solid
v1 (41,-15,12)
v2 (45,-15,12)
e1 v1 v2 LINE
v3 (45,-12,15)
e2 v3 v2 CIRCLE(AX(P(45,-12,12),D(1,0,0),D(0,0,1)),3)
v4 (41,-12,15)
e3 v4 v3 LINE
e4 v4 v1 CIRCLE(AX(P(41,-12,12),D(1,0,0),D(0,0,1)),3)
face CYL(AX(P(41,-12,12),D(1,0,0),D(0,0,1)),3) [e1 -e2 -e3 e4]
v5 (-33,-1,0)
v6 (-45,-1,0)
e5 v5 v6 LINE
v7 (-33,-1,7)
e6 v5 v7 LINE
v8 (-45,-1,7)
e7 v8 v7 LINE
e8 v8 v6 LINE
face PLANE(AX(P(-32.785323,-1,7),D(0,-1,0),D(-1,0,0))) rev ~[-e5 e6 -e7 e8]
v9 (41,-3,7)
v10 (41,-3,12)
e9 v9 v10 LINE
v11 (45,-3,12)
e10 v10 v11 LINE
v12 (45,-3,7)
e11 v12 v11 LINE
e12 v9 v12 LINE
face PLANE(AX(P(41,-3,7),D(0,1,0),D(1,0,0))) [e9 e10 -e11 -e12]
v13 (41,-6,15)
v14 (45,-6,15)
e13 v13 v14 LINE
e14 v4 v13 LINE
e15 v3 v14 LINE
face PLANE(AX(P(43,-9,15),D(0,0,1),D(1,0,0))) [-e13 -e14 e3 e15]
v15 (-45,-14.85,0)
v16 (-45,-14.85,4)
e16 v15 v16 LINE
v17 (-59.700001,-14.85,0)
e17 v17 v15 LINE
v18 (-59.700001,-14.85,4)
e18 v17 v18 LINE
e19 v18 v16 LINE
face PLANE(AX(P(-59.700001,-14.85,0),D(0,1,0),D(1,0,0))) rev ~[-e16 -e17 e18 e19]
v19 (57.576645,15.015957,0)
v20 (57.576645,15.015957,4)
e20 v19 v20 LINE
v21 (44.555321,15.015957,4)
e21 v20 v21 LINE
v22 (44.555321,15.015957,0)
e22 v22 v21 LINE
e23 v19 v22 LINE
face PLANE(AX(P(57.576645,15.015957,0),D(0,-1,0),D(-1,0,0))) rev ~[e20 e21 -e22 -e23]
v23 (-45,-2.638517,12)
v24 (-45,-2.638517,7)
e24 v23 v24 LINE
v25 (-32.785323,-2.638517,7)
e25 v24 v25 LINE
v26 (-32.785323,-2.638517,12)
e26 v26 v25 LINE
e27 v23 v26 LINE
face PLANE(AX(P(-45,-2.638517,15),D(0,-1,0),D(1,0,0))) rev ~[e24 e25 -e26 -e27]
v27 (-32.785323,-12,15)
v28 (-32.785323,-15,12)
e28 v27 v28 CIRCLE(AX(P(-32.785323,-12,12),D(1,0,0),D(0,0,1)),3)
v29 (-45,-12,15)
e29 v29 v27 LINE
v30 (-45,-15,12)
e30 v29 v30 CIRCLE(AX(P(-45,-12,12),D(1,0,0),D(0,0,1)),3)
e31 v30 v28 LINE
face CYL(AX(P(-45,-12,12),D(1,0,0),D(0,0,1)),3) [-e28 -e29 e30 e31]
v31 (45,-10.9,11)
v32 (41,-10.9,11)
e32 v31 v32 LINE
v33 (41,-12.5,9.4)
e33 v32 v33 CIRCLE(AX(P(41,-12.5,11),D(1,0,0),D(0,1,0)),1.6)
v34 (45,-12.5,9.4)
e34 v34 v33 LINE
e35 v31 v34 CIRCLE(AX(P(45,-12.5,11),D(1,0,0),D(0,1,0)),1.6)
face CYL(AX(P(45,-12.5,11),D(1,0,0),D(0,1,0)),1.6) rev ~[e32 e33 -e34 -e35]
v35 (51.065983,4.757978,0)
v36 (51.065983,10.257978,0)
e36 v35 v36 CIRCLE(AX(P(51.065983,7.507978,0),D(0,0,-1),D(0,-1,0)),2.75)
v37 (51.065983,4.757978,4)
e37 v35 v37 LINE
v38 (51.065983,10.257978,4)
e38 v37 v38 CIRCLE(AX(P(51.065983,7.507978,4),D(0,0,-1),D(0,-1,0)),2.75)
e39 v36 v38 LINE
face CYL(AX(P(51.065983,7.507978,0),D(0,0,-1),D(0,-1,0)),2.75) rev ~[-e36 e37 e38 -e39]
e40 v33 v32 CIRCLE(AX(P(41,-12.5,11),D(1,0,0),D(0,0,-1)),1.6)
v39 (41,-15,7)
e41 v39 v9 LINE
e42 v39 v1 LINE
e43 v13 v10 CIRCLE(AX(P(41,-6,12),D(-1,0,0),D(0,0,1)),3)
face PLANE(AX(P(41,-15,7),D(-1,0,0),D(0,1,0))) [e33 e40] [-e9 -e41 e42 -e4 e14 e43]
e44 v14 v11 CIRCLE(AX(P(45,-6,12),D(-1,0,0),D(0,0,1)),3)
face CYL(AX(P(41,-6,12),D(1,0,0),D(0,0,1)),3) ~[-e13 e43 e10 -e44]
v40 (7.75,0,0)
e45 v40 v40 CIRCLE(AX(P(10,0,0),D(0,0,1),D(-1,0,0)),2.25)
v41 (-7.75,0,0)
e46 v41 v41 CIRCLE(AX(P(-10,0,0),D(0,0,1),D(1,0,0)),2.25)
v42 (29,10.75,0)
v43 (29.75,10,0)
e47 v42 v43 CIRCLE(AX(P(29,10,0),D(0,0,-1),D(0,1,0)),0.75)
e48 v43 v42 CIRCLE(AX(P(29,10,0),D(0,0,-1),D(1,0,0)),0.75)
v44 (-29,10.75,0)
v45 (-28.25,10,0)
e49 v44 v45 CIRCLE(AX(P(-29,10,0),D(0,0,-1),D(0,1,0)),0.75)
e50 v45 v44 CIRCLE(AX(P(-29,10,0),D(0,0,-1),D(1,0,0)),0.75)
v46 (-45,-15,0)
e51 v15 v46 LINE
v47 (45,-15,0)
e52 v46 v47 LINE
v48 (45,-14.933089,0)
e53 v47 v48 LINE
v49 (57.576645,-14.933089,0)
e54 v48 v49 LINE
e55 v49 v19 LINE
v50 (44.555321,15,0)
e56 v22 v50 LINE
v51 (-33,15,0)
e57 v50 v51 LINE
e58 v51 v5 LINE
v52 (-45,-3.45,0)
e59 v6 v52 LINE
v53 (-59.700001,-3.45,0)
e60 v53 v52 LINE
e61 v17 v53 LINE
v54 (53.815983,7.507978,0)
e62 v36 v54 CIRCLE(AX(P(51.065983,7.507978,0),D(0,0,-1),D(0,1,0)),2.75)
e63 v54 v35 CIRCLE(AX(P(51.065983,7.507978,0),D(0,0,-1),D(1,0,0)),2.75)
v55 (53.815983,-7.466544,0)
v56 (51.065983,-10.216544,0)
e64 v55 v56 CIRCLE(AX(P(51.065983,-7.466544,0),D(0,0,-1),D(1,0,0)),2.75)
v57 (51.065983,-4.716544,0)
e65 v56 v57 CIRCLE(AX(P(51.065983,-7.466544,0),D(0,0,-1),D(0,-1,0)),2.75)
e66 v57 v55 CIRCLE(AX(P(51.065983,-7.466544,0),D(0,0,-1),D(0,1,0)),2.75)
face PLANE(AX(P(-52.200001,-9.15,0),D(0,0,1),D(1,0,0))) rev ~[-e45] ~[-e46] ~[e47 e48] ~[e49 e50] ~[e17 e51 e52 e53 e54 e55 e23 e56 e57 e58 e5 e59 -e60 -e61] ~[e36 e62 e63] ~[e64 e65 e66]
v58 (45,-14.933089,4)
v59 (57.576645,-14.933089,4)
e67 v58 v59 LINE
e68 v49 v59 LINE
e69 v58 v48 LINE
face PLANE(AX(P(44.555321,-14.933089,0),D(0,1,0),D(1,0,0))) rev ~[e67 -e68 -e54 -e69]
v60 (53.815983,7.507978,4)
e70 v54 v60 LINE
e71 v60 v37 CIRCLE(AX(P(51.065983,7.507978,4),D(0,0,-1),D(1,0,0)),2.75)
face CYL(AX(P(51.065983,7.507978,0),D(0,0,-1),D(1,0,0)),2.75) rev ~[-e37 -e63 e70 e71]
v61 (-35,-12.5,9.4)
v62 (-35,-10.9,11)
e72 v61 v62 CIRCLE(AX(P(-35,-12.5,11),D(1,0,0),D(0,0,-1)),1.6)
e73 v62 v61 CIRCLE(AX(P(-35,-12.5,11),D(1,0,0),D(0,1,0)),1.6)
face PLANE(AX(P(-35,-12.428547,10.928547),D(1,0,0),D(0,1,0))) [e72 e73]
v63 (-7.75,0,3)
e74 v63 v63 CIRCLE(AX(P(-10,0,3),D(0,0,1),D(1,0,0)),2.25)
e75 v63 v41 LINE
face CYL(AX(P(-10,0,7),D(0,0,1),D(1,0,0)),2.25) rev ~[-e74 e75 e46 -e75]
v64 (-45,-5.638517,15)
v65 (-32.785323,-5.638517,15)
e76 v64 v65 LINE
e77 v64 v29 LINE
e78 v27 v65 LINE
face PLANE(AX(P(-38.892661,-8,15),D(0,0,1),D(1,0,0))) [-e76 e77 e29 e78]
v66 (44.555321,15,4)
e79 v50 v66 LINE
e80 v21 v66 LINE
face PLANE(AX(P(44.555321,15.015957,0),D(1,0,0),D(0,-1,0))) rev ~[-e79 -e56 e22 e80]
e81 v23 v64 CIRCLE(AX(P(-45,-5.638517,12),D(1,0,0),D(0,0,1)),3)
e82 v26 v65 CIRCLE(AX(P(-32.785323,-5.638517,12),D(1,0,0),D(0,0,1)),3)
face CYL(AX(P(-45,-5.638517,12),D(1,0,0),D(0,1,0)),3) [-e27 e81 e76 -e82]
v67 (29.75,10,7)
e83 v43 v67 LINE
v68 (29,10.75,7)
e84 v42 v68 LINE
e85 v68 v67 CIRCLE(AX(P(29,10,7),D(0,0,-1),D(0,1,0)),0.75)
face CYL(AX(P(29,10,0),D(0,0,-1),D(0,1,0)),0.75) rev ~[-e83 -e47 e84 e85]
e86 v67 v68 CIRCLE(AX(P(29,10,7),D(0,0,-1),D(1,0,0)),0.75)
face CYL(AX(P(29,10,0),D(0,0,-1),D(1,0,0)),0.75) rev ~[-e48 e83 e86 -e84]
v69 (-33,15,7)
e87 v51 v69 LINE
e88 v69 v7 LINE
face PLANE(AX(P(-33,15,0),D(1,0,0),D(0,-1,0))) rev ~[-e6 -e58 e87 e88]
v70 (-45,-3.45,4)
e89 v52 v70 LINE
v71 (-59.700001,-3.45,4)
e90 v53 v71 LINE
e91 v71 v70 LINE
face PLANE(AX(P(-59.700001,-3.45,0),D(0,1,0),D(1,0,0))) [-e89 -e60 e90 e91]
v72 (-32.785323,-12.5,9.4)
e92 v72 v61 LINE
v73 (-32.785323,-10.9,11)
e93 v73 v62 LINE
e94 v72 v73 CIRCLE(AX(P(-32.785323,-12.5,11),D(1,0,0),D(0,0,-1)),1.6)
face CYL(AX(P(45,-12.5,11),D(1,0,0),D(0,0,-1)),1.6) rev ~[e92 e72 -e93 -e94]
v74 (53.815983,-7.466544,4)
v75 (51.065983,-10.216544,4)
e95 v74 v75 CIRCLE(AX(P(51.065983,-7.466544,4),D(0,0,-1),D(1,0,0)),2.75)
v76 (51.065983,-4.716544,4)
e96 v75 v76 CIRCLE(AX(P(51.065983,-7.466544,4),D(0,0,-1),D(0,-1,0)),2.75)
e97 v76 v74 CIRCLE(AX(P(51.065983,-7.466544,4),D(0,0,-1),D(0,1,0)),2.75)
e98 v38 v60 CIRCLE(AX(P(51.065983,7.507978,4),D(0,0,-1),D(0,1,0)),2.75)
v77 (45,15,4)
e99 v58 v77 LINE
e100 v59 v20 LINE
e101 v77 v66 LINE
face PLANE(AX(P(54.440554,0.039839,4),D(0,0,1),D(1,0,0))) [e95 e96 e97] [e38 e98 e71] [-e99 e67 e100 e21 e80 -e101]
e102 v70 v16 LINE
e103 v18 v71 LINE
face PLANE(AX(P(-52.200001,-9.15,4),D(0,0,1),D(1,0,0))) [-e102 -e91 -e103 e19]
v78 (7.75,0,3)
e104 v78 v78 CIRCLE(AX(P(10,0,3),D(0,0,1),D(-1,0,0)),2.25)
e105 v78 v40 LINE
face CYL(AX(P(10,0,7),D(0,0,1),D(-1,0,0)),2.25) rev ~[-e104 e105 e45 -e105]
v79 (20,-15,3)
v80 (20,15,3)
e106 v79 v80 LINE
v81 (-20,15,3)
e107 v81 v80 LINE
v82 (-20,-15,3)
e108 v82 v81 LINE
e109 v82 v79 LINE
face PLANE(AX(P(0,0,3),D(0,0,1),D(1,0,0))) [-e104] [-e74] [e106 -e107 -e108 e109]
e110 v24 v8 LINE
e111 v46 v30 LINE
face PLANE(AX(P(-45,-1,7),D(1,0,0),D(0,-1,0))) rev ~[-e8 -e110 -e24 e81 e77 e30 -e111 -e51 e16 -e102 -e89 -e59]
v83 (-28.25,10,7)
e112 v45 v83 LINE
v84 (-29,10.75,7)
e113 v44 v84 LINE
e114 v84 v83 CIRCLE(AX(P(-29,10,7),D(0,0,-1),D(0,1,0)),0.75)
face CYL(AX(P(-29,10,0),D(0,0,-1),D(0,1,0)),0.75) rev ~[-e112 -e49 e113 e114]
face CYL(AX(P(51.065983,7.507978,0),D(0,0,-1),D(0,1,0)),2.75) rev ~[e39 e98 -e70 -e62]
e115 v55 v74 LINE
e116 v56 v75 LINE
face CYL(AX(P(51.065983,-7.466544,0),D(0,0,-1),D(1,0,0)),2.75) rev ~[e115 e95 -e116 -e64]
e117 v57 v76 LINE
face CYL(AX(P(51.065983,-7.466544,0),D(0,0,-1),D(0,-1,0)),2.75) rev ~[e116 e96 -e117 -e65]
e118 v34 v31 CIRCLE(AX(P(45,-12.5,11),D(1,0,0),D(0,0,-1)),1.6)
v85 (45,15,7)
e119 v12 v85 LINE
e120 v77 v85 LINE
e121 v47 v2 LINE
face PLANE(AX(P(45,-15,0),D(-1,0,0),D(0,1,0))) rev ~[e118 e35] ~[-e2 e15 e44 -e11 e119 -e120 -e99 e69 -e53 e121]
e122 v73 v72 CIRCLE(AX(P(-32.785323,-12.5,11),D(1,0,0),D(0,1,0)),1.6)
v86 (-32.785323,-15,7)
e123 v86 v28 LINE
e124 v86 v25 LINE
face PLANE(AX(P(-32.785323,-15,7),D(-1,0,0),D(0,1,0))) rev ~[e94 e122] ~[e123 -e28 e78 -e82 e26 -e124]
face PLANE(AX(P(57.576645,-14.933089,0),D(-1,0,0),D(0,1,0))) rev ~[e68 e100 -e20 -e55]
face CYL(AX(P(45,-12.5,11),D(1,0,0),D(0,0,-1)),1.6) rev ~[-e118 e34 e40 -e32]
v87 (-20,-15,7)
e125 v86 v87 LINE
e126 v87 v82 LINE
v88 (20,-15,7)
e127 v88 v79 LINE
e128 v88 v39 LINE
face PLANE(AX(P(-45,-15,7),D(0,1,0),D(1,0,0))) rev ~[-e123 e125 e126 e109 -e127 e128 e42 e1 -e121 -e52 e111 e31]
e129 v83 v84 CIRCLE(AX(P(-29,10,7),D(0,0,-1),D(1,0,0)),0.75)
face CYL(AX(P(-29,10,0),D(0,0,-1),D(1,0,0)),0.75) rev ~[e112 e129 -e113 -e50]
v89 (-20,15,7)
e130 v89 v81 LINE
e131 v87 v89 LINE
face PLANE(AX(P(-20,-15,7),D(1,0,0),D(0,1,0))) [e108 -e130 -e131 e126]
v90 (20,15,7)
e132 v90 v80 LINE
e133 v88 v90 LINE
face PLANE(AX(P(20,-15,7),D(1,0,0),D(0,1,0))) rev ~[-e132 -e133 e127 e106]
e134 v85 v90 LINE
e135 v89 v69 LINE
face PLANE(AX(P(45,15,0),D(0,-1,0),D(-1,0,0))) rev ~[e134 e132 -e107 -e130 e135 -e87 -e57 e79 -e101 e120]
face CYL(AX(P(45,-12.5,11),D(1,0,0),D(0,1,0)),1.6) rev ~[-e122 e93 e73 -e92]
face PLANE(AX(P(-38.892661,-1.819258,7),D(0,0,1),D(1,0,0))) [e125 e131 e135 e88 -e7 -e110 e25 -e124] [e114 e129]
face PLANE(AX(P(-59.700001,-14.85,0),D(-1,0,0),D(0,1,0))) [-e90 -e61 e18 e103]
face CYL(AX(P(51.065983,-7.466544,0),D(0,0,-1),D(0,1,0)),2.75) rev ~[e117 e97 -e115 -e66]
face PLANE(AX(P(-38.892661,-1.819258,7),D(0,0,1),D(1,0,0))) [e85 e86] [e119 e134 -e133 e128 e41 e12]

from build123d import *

# Parameters (mm, degrees)
F1_DEPTH  = 7
F2_W      = 4
F2_H      = 12
F3_DEPTH  = 8
F4_W      = 12.2146774828
F4_H      = 1.6385169476
F5_DEPTH  = 8
F7_DEPTH  = 80
F8_R      = 2.25
F9_DEPTH  = 25
F10_W     = 40
F10_H     = 30
F10_R     = 2.25
F11_DEPTH = 4
F12_R     = 3
F14_DEPTH = 4
F15_W     = 15
F15_H     = 11.3999997266
F16_DEPTH = 4


with BuildPart() as f1:
    # F0 (on Top) → F1 (new body)
    with BuildSketch(Plane.XY):
        Polygon((-29, 15), (-33, 15), (-33, -1), (-45, -1), (-45, -15), (45, -15), (45, 15), (29, 15), align=None)
        with BuildLine():
            ThreePointArc((-28.25, 10), (-29.5303300859, 9.4696699141), (-29, 10.75))
            ThreePointArc((-29, 10.75), (-28.4696699141, 10.5303300859), (-28.25, 10))
        make_face(mode=Mode.SUBTRACT)
        with BuildLine():
            ThreePointArc((29.75, 10), (28.4696699141, 9.4696699141), (29, 10.75))
            ThreePointArc((29, 10.75), (29.5303300859, 10.5303300859), (29.75, 10))
        make_face(mode=Mode.SUBTRACT)
    extrude(amount=F1_DEPTH)

    # F2 (on face) → F3 (join)
    with BuildSketch(Plane.XY.offset(7)):
        Polygon((-33, -1), (-45, -1), (-45, -15), (-32.7853225172, -15), (-32.7853225172, -1), align=None)
        with Locations((43, -9)):
            Rectangle(F2_W, F2_H)
    extrude(amount=F3_DEPTH)

    # F4 (on face) → F5 (cut)
    with BuildSketch(Plane.XY.offset(15)):
        with Locations((-38.8926612586, -1.8192584738)):
            Rectangle(F4_W, F4_H)
    extrude(amount=-F5_DEPTH, mode=Mode.SUBTRACT)

    # F6 (on face) → F7 (cut)
    with BuildSketch(Plane.YZ.offset(45)):
        with BuildLine():
            ThreePointArc((-12.5, 9.4), (-11.3686291501, 9.8686291501), (-10.9, 11))
            ThreePointArc((-10.9, 11), (-13.6313708499, 12.1313708499), (-12.5, 9.4))
        make_face()
    extrude(amount=-F7_DEPTH, mode=Mode.SUBTRACT)

    # F8 (on face) → F9 (cut)
    with BuildSketch(Plane.XY.offset(7)):
        with Locations((-10, 0)):
            Circle(F8_R)
        with BuildLine():
            ThreePointArc((12.25, 0), (10, 2.25), (7.75, 0))
            ThreePointArc((7.75, 0), (10, -2.25), (12.25, 0))
        make_face()
    extrude(amount=-F9_DEPTH, mode=Mode.SUBTRACT)

    # F10 (on face) → F11 (cut)
    with BuildSketch(Plane.XY.offset(7)):
        Rectangle(F10_W, F10_H)
        with Locations((-10, 0)):
            Circle(F10_R, mode=Mode.SUBTRACT)
        with Locations((10, 0)):
            Circle(F10_R, mode=Mode.SUBTRACT)
    extrude(amount=-F11_DEPTH, mode=Mode.SUBTRACT)

    # F12
    f12_edges = [f1.edges().sort_by_distance(p)[0] for p in [
        (-38.892661, -15, 15),
        (43, -15, 15),
        (-38.892661, -2.638517, 15),
        (43, -3, 15),
    ]]
    fillet(f12_edges, radius=F12_R)

    # F13 (on Top) → F14 (join)
    with BuildSketch(Plane.XY):
        with BuildLine():
            Line((57.5766451657, 15.0159569457), (51.0659832507, 15.0159569457))
            Line((51.0659832507, 15.0159569457), (51.0659832507, 10.2579784729))
            ThreePointArc((51.0659832507, 10.2579784729), (53.010526899, 9.4525221211), (53.8159832507, 7.5079784729))
            ThreePointArc((53.8159832507, 7.5079784729), (53.010526899, 5.5634348246), (51.0659832507, 4.7579784729))
            Line((51.0659832507, 4.7579784729), (51.0659832507, 0))
            Line((51.0659832507, 0), (51.0659832507, -4.7165443972))
            ThreePointArc((51.0659832507, -4.7165443972), (53.010526899, -5.5220007489), (53.8159832507, -7.4665443972))
            ThreePointArc((53.8159832507, -7.4665443972), (53.010526899, -9.4110880454), (51.0659832507, -10.2165443972))
            Line((51.0659832507, -10.2165443972), (51.0659832507, -14.9330887944))
            Line((51.0659832507, -14.9330887944), (57.5766451657, -14.9330887944))
            Line((57.5766451657, -14.9330887944), (57.5766451657, 15.0159569457))
        make_face()
        with BuildLine():
            Line((51.0659832507, 15.0159569457), (44.5553213358, 15.0159569457))
            Line((44.5553213358, 15.0159569457), (44.5553213358, -14.9330887944))
            Line((44.5553213358, -14.9330887944), (51.0659832507, -14.9330887944))
            Line((51.0659832507, -14.9330887944), (51.0659832507, -10.2165443972))
            ThreePointArc((51.0659832507, -10.2165443972), (48.3159832507, -7.4665443972), (51.0659832507, -4.7165443972))
            Line((51.0659832507, -4.7165443972), (51.0659832507, 0))
            Line((51.0659832507, 0), (51.0659832507, 4.7579784729))
            ThreePointArc((51.0659832507, 4.7579784729), (48.3159832507, 7.5079784729), (51.0659832507, 10.2579784729))
            Line((51.0659832507, 10.2579784729), (51.0659832507, 15.0159569457))
        make_face()
    extrude(amount=F14_DEPTH)

    # F15 (on Top) → F16 (join)
    with BuildSketch(Plane.XY):
        with Locations((-52.2000010312, -9.1500000563)):
            Rectangle(F15_W, F15_H)
    extrude(amount=F16_DEPTH)


solid = f1.part
